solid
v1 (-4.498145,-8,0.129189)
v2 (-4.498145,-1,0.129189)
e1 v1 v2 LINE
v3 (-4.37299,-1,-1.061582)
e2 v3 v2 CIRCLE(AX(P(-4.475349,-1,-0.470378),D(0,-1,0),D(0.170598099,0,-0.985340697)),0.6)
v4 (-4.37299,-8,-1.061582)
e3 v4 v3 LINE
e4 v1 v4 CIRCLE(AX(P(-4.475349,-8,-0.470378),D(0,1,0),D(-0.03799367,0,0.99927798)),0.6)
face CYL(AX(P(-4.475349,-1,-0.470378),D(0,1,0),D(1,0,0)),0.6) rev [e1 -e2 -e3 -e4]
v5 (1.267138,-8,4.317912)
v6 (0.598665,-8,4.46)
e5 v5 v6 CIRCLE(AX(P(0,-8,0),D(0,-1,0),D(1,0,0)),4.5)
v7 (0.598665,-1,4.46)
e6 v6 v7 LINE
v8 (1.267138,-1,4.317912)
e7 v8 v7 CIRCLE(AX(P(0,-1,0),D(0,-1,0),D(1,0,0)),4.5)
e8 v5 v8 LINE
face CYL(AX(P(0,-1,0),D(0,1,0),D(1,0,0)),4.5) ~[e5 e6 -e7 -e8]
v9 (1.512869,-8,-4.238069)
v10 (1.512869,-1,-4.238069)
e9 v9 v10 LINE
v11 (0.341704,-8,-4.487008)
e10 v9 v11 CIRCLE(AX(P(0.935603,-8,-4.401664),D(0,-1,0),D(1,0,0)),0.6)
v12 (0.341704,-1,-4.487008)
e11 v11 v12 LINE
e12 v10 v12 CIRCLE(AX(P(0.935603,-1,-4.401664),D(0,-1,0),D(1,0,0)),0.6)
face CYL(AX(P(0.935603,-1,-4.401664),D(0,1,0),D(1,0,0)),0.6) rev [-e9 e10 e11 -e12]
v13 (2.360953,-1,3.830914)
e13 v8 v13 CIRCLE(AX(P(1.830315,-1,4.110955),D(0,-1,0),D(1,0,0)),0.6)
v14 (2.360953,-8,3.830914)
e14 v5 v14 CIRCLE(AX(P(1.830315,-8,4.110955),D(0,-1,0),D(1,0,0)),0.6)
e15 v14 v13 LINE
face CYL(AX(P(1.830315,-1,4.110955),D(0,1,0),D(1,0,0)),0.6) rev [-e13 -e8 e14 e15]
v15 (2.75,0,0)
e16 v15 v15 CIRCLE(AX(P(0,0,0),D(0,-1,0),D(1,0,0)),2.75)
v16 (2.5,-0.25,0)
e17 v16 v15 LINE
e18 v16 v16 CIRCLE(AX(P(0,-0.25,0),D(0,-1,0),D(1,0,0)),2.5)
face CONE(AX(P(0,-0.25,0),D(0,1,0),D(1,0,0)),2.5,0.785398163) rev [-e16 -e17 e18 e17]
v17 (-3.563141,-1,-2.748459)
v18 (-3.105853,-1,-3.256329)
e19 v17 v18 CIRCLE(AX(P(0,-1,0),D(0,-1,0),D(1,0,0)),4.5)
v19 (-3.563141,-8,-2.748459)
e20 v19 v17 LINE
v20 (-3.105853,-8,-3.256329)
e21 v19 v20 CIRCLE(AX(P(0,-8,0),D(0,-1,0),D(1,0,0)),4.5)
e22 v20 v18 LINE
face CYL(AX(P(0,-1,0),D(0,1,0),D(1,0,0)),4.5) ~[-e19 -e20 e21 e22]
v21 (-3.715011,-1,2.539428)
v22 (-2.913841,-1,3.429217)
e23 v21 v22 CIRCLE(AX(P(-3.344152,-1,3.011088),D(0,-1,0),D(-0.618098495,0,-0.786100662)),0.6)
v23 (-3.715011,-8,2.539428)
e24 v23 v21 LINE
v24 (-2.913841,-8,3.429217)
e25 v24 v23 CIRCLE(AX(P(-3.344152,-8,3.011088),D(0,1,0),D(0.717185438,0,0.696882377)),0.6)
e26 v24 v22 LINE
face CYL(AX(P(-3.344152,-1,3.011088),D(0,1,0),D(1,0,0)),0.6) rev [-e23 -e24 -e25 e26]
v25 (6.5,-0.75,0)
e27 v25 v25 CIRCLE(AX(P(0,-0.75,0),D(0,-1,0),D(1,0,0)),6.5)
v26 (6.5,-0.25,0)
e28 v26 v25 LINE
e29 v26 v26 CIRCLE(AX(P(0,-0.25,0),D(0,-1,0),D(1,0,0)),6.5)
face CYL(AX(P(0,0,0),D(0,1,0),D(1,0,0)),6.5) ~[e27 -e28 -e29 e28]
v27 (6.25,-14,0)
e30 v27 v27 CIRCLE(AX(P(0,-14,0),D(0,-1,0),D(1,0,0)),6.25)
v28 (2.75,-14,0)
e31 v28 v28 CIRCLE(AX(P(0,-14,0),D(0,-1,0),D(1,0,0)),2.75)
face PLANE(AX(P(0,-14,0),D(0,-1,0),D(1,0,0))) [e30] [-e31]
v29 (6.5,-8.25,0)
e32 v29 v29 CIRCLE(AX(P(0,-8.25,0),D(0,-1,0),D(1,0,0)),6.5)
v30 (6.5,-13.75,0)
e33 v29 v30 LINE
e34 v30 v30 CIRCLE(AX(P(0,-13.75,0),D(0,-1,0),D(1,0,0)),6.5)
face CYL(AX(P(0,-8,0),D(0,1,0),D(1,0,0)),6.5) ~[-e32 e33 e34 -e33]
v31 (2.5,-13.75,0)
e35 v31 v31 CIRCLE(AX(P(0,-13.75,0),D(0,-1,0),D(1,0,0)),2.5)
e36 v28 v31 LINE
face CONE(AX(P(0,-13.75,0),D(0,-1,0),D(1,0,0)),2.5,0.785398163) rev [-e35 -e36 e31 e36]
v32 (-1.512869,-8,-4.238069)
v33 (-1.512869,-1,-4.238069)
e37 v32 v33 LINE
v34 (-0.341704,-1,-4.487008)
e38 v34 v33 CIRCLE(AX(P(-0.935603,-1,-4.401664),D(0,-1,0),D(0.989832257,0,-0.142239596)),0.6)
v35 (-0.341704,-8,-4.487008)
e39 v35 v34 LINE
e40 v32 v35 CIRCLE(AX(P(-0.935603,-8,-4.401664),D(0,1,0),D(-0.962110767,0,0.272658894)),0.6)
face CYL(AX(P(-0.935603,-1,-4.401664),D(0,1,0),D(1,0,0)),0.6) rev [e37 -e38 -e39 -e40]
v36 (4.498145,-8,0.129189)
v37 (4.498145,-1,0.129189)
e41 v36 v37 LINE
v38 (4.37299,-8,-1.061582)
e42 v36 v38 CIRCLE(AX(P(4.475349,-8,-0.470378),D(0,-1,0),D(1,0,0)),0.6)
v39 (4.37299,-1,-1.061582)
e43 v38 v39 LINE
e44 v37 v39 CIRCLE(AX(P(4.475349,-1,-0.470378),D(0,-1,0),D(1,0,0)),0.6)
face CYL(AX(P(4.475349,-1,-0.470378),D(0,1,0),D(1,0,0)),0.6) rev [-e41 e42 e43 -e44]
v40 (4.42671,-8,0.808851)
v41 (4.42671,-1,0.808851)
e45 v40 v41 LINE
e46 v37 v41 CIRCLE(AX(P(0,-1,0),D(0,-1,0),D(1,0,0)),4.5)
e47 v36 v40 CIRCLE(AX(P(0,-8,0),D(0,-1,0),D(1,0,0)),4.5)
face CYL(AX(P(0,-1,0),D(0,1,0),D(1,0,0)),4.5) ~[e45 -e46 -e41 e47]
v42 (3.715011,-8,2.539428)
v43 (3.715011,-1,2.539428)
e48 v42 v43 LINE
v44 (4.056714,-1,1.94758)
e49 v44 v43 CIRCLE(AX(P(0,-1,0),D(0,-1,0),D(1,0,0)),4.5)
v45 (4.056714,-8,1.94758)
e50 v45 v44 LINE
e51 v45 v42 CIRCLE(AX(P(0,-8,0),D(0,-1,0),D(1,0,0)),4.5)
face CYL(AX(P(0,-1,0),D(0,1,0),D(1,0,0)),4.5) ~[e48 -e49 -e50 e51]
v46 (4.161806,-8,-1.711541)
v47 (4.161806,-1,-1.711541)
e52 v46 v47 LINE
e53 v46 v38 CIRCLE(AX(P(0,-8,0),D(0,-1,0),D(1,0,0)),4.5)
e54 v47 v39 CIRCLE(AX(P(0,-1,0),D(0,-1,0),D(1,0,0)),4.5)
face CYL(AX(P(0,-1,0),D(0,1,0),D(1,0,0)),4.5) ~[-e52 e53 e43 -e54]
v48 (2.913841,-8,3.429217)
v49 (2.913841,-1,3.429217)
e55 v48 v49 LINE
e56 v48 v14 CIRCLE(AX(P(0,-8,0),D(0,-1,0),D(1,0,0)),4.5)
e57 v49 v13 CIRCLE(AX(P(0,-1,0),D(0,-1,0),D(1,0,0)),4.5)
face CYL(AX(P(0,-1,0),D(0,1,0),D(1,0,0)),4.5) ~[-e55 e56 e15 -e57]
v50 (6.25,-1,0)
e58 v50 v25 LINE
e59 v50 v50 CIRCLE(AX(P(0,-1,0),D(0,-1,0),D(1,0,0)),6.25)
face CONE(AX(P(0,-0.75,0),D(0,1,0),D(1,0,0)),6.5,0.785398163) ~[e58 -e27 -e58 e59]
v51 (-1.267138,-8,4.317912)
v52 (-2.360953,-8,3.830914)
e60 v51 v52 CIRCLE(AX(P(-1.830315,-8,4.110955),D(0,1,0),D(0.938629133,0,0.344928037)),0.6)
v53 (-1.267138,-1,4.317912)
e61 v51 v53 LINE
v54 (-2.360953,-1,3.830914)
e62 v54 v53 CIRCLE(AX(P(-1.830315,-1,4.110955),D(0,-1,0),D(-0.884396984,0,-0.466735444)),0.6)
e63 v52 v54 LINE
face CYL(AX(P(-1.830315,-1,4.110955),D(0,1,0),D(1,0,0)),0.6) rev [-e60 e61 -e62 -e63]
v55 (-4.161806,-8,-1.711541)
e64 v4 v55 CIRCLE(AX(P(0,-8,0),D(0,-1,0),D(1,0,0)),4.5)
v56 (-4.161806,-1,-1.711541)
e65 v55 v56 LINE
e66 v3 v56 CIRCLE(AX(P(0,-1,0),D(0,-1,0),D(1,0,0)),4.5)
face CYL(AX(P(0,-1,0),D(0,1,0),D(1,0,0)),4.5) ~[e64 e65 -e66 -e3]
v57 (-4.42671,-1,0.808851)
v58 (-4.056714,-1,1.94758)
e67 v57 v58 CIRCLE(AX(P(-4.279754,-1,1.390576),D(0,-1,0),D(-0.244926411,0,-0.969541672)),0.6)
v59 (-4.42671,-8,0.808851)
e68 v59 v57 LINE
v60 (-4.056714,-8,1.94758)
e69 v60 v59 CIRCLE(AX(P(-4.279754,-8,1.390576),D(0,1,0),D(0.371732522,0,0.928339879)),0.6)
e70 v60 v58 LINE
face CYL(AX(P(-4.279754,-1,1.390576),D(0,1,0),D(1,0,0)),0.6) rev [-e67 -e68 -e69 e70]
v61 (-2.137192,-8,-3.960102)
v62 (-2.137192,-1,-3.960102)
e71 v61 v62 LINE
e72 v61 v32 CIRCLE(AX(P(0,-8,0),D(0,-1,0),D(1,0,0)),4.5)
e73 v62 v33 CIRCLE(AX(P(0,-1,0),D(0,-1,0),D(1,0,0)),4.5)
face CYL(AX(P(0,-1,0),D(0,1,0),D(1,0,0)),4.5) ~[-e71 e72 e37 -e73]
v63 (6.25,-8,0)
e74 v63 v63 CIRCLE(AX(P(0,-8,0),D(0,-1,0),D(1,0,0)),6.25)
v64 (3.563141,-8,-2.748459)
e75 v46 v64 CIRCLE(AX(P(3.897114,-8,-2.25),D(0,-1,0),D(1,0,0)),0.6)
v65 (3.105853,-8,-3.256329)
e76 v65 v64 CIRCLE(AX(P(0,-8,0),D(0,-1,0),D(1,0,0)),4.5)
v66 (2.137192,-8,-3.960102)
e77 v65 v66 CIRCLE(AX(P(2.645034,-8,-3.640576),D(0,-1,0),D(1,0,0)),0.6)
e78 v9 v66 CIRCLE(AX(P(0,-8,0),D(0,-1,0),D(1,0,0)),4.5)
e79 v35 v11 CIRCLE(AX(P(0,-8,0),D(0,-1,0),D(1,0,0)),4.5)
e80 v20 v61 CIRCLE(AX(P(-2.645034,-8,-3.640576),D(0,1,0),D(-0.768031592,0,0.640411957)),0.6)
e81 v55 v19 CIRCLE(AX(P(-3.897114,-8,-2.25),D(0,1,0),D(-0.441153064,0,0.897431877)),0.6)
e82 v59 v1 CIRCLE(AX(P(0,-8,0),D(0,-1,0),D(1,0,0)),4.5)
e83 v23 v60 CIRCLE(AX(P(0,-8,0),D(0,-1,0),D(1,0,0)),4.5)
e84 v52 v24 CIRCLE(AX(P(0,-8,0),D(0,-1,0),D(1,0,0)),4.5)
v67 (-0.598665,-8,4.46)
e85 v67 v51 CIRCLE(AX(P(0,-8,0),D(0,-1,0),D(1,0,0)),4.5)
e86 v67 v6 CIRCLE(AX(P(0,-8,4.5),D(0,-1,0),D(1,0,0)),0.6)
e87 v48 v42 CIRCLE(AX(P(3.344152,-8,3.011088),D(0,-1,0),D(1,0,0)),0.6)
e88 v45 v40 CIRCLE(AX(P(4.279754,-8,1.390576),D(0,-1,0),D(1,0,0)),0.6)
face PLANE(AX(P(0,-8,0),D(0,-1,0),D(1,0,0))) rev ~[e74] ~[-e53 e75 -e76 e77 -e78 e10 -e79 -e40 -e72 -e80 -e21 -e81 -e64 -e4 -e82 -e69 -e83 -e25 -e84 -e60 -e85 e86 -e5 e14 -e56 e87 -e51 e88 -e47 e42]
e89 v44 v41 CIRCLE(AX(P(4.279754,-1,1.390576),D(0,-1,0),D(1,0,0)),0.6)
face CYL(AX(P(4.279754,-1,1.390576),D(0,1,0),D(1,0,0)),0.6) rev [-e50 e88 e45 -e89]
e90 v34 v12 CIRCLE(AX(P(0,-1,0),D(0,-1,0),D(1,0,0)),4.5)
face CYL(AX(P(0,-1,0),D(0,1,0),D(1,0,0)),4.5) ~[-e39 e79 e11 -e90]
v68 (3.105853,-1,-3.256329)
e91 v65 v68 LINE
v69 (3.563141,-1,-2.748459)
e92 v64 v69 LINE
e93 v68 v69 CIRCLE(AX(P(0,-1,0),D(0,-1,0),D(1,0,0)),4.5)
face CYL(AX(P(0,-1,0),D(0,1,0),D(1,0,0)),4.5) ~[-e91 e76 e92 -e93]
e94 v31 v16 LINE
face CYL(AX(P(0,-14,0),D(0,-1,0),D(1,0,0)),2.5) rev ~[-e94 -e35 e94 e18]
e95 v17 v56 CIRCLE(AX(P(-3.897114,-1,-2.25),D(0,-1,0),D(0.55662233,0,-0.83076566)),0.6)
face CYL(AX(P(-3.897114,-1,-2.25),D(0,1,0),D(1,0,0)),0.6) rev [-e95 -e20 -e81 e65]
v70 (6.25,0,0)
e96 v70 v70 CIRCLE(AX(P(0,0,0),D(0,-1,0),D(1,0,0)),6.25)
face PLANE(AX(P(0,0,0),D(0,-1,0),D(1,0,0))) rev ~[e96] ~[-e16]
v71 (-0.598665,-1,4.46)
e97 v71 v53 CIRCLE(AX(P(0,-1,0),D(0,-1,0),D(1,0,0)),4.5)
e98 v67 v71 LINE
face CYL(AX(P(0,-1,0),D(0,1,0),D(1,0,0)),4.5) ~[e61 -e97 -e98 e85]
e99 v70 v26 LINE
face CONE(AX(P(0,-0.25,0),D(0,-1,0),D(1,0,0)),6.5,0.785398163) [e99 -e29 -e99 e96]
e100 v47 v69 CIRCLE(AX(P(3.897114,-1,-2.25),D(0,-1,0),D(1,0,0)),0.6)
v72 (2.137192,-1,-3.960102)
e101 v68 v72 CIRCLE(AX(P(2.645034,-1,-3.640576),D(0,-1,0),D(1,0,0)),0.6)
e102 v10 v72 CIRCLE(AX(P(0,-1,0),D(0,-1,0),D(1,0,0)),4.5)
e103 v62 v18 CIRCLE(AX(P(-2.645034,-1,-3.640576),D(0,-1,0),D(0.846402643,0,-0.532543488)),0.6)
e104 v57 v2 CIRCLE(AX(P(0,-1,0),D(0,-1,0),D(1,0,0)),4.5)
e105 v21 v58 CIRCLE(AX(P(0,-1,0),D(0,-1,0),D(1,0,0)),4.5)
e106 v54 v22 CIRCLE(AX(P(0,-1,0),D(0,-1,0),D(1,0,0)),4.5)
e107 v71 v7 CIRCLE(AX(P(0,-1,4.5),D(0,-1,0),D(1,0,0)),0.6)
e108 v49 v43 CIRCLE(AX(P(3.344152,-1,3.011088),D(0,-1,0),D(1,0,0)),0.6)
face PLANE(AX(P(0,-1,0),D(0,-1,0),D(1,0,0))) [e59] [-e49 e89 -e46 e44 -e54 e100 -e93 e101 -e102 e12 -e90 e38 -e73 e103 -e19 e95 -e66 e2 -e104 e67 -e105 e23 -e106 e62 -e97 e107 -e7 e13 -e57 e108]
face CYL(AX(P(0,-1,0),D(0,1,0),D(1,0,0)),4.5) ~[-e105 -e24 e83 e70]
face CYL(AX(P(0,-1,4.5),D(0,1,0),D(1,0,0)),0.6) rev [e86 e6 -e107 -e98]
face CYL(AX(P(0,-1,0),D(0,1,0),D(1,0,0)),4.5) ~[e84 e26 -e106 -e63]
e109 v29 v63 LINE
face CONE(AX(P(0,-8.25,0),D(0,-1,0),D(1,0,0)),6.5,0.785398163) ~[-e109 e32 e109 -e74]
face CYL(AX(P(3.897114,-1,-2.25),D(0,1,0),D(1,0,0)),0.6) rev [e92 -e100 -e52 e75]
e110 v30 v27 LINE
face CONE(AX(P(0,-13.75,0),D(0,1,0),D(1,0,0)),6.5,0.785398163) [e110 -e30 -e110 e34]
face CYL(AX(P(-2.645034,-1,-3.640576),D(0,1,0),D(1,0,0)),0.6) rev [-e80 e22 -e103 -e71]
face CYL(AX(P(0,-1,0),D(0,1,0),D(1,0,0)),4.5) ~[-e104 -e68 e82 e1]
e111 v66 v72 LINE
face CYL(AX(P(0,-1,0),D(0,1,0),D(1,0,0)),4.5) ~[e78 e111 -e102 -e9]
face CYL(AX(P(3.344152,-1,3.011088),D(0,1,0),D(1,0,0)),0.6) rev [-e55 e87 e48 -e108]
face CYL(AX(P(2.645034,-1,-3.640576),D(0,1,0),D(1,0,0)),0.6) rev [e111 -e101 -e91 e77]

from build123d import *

# Parameters (mm, degrees)
F0_R     = 6.5
F1_DEPTH = 1
F2_R     = 4.5
F3_DEPTH = 7
F4_R     = 6.5
F5_DEPTH = 6
F6_R     = 0.6
F7_DEPTH = 7
F8_R     = 2.5
F9_DEPTH = 14.001
F10_SIZE = 0.25


with BuildPart() as f1:
    # F0 (on Front) → F1 (new body)
    with BuildSketch(Plane.XZ):
        Circle(F0_R)
    extrude(amount=F1_DEPTH)

    # F2 (on face) → F3 (join)
    with BuildSketch(Plane.XZ.offset(1)):
        Circle(F2_R)
    extrude(amount=F3_DEPTH)

    # F4 (on face) → F5 (join)
    with BuildSketch(Plane.XZ.offset(8)):
        Circle(F4_R)
    extrude(amount=F5_DEPTH)

    # F6 (on face) → F7 (cut, through all)
    with BuildSketch(Plane.XZ.offset(1)):
        with Locations((0, 4.5)):
            Circle(F6_R)
        with Locations((-1.830315, 4.110955)):
            Circle(F6_R)
        with Locations((-3.344152, 3.011088)):
            Circle(F6_R)
        with Locations((-4.279754, 1.390576)):
            Circle(F6_R)
        with Locations((-4.475349, -0.470378)):
            Circle(F6_R)
        with Locations((-3.897114, -2.25)):
            Circle(F6_R)
        with Locations((-2.645034, -3.640576)):
            Circle(F6_R)
        with Locations((-0.935603, -4.401664)):
            Circle(F6_R)
        with Locations((0.935603, -4.401664)):
            Circle(F6_R)
        with Locations((2.645034, -3.640576)):
            Circle(F6_R)
        with Locations((3.897114, -2.25)):
            Circle(F6_R)
        with Locations((4.475349, -0.470378)):
            Circle(F6_R)
        with Locations((4.279754, 1.390576)):
            Circle(F6_R)
        with Locations((3.344152, 3.011088)):
            Circle(F6_R)
        with Locations((1.830315, 4.110955)):
            Circle(F6_R)
    extrude(amount=F7_DEPTH, mode=Mode.SUBTRACT)

    # F8 (on face) → F9 (cut, through all)
    with BuildSketch(Plane.XZ.offset(14)):
        Circle(F8_R)
    extrude(amount=-F9_DEPTH, mode=Mode.SUBTRACT)

    # F10
    f10_edges = [f1.edges().sort_by_distance(p)[0] for p in [
        (6.5, -11, 0),
        (-6.5, -8, 0),
        (-6.5, -14, 0),
        (6.5, -0.5, 0),
        (-6.5, 0, 0),
        (-6.5, -1, 0),
        (-2.5, -14, 0),
        (2.5, -7, 0),
        (-2.5, 0, 0),
    ]]
    chamfer(f10_edges, length=F10_SIZE)


solid = f1.part
